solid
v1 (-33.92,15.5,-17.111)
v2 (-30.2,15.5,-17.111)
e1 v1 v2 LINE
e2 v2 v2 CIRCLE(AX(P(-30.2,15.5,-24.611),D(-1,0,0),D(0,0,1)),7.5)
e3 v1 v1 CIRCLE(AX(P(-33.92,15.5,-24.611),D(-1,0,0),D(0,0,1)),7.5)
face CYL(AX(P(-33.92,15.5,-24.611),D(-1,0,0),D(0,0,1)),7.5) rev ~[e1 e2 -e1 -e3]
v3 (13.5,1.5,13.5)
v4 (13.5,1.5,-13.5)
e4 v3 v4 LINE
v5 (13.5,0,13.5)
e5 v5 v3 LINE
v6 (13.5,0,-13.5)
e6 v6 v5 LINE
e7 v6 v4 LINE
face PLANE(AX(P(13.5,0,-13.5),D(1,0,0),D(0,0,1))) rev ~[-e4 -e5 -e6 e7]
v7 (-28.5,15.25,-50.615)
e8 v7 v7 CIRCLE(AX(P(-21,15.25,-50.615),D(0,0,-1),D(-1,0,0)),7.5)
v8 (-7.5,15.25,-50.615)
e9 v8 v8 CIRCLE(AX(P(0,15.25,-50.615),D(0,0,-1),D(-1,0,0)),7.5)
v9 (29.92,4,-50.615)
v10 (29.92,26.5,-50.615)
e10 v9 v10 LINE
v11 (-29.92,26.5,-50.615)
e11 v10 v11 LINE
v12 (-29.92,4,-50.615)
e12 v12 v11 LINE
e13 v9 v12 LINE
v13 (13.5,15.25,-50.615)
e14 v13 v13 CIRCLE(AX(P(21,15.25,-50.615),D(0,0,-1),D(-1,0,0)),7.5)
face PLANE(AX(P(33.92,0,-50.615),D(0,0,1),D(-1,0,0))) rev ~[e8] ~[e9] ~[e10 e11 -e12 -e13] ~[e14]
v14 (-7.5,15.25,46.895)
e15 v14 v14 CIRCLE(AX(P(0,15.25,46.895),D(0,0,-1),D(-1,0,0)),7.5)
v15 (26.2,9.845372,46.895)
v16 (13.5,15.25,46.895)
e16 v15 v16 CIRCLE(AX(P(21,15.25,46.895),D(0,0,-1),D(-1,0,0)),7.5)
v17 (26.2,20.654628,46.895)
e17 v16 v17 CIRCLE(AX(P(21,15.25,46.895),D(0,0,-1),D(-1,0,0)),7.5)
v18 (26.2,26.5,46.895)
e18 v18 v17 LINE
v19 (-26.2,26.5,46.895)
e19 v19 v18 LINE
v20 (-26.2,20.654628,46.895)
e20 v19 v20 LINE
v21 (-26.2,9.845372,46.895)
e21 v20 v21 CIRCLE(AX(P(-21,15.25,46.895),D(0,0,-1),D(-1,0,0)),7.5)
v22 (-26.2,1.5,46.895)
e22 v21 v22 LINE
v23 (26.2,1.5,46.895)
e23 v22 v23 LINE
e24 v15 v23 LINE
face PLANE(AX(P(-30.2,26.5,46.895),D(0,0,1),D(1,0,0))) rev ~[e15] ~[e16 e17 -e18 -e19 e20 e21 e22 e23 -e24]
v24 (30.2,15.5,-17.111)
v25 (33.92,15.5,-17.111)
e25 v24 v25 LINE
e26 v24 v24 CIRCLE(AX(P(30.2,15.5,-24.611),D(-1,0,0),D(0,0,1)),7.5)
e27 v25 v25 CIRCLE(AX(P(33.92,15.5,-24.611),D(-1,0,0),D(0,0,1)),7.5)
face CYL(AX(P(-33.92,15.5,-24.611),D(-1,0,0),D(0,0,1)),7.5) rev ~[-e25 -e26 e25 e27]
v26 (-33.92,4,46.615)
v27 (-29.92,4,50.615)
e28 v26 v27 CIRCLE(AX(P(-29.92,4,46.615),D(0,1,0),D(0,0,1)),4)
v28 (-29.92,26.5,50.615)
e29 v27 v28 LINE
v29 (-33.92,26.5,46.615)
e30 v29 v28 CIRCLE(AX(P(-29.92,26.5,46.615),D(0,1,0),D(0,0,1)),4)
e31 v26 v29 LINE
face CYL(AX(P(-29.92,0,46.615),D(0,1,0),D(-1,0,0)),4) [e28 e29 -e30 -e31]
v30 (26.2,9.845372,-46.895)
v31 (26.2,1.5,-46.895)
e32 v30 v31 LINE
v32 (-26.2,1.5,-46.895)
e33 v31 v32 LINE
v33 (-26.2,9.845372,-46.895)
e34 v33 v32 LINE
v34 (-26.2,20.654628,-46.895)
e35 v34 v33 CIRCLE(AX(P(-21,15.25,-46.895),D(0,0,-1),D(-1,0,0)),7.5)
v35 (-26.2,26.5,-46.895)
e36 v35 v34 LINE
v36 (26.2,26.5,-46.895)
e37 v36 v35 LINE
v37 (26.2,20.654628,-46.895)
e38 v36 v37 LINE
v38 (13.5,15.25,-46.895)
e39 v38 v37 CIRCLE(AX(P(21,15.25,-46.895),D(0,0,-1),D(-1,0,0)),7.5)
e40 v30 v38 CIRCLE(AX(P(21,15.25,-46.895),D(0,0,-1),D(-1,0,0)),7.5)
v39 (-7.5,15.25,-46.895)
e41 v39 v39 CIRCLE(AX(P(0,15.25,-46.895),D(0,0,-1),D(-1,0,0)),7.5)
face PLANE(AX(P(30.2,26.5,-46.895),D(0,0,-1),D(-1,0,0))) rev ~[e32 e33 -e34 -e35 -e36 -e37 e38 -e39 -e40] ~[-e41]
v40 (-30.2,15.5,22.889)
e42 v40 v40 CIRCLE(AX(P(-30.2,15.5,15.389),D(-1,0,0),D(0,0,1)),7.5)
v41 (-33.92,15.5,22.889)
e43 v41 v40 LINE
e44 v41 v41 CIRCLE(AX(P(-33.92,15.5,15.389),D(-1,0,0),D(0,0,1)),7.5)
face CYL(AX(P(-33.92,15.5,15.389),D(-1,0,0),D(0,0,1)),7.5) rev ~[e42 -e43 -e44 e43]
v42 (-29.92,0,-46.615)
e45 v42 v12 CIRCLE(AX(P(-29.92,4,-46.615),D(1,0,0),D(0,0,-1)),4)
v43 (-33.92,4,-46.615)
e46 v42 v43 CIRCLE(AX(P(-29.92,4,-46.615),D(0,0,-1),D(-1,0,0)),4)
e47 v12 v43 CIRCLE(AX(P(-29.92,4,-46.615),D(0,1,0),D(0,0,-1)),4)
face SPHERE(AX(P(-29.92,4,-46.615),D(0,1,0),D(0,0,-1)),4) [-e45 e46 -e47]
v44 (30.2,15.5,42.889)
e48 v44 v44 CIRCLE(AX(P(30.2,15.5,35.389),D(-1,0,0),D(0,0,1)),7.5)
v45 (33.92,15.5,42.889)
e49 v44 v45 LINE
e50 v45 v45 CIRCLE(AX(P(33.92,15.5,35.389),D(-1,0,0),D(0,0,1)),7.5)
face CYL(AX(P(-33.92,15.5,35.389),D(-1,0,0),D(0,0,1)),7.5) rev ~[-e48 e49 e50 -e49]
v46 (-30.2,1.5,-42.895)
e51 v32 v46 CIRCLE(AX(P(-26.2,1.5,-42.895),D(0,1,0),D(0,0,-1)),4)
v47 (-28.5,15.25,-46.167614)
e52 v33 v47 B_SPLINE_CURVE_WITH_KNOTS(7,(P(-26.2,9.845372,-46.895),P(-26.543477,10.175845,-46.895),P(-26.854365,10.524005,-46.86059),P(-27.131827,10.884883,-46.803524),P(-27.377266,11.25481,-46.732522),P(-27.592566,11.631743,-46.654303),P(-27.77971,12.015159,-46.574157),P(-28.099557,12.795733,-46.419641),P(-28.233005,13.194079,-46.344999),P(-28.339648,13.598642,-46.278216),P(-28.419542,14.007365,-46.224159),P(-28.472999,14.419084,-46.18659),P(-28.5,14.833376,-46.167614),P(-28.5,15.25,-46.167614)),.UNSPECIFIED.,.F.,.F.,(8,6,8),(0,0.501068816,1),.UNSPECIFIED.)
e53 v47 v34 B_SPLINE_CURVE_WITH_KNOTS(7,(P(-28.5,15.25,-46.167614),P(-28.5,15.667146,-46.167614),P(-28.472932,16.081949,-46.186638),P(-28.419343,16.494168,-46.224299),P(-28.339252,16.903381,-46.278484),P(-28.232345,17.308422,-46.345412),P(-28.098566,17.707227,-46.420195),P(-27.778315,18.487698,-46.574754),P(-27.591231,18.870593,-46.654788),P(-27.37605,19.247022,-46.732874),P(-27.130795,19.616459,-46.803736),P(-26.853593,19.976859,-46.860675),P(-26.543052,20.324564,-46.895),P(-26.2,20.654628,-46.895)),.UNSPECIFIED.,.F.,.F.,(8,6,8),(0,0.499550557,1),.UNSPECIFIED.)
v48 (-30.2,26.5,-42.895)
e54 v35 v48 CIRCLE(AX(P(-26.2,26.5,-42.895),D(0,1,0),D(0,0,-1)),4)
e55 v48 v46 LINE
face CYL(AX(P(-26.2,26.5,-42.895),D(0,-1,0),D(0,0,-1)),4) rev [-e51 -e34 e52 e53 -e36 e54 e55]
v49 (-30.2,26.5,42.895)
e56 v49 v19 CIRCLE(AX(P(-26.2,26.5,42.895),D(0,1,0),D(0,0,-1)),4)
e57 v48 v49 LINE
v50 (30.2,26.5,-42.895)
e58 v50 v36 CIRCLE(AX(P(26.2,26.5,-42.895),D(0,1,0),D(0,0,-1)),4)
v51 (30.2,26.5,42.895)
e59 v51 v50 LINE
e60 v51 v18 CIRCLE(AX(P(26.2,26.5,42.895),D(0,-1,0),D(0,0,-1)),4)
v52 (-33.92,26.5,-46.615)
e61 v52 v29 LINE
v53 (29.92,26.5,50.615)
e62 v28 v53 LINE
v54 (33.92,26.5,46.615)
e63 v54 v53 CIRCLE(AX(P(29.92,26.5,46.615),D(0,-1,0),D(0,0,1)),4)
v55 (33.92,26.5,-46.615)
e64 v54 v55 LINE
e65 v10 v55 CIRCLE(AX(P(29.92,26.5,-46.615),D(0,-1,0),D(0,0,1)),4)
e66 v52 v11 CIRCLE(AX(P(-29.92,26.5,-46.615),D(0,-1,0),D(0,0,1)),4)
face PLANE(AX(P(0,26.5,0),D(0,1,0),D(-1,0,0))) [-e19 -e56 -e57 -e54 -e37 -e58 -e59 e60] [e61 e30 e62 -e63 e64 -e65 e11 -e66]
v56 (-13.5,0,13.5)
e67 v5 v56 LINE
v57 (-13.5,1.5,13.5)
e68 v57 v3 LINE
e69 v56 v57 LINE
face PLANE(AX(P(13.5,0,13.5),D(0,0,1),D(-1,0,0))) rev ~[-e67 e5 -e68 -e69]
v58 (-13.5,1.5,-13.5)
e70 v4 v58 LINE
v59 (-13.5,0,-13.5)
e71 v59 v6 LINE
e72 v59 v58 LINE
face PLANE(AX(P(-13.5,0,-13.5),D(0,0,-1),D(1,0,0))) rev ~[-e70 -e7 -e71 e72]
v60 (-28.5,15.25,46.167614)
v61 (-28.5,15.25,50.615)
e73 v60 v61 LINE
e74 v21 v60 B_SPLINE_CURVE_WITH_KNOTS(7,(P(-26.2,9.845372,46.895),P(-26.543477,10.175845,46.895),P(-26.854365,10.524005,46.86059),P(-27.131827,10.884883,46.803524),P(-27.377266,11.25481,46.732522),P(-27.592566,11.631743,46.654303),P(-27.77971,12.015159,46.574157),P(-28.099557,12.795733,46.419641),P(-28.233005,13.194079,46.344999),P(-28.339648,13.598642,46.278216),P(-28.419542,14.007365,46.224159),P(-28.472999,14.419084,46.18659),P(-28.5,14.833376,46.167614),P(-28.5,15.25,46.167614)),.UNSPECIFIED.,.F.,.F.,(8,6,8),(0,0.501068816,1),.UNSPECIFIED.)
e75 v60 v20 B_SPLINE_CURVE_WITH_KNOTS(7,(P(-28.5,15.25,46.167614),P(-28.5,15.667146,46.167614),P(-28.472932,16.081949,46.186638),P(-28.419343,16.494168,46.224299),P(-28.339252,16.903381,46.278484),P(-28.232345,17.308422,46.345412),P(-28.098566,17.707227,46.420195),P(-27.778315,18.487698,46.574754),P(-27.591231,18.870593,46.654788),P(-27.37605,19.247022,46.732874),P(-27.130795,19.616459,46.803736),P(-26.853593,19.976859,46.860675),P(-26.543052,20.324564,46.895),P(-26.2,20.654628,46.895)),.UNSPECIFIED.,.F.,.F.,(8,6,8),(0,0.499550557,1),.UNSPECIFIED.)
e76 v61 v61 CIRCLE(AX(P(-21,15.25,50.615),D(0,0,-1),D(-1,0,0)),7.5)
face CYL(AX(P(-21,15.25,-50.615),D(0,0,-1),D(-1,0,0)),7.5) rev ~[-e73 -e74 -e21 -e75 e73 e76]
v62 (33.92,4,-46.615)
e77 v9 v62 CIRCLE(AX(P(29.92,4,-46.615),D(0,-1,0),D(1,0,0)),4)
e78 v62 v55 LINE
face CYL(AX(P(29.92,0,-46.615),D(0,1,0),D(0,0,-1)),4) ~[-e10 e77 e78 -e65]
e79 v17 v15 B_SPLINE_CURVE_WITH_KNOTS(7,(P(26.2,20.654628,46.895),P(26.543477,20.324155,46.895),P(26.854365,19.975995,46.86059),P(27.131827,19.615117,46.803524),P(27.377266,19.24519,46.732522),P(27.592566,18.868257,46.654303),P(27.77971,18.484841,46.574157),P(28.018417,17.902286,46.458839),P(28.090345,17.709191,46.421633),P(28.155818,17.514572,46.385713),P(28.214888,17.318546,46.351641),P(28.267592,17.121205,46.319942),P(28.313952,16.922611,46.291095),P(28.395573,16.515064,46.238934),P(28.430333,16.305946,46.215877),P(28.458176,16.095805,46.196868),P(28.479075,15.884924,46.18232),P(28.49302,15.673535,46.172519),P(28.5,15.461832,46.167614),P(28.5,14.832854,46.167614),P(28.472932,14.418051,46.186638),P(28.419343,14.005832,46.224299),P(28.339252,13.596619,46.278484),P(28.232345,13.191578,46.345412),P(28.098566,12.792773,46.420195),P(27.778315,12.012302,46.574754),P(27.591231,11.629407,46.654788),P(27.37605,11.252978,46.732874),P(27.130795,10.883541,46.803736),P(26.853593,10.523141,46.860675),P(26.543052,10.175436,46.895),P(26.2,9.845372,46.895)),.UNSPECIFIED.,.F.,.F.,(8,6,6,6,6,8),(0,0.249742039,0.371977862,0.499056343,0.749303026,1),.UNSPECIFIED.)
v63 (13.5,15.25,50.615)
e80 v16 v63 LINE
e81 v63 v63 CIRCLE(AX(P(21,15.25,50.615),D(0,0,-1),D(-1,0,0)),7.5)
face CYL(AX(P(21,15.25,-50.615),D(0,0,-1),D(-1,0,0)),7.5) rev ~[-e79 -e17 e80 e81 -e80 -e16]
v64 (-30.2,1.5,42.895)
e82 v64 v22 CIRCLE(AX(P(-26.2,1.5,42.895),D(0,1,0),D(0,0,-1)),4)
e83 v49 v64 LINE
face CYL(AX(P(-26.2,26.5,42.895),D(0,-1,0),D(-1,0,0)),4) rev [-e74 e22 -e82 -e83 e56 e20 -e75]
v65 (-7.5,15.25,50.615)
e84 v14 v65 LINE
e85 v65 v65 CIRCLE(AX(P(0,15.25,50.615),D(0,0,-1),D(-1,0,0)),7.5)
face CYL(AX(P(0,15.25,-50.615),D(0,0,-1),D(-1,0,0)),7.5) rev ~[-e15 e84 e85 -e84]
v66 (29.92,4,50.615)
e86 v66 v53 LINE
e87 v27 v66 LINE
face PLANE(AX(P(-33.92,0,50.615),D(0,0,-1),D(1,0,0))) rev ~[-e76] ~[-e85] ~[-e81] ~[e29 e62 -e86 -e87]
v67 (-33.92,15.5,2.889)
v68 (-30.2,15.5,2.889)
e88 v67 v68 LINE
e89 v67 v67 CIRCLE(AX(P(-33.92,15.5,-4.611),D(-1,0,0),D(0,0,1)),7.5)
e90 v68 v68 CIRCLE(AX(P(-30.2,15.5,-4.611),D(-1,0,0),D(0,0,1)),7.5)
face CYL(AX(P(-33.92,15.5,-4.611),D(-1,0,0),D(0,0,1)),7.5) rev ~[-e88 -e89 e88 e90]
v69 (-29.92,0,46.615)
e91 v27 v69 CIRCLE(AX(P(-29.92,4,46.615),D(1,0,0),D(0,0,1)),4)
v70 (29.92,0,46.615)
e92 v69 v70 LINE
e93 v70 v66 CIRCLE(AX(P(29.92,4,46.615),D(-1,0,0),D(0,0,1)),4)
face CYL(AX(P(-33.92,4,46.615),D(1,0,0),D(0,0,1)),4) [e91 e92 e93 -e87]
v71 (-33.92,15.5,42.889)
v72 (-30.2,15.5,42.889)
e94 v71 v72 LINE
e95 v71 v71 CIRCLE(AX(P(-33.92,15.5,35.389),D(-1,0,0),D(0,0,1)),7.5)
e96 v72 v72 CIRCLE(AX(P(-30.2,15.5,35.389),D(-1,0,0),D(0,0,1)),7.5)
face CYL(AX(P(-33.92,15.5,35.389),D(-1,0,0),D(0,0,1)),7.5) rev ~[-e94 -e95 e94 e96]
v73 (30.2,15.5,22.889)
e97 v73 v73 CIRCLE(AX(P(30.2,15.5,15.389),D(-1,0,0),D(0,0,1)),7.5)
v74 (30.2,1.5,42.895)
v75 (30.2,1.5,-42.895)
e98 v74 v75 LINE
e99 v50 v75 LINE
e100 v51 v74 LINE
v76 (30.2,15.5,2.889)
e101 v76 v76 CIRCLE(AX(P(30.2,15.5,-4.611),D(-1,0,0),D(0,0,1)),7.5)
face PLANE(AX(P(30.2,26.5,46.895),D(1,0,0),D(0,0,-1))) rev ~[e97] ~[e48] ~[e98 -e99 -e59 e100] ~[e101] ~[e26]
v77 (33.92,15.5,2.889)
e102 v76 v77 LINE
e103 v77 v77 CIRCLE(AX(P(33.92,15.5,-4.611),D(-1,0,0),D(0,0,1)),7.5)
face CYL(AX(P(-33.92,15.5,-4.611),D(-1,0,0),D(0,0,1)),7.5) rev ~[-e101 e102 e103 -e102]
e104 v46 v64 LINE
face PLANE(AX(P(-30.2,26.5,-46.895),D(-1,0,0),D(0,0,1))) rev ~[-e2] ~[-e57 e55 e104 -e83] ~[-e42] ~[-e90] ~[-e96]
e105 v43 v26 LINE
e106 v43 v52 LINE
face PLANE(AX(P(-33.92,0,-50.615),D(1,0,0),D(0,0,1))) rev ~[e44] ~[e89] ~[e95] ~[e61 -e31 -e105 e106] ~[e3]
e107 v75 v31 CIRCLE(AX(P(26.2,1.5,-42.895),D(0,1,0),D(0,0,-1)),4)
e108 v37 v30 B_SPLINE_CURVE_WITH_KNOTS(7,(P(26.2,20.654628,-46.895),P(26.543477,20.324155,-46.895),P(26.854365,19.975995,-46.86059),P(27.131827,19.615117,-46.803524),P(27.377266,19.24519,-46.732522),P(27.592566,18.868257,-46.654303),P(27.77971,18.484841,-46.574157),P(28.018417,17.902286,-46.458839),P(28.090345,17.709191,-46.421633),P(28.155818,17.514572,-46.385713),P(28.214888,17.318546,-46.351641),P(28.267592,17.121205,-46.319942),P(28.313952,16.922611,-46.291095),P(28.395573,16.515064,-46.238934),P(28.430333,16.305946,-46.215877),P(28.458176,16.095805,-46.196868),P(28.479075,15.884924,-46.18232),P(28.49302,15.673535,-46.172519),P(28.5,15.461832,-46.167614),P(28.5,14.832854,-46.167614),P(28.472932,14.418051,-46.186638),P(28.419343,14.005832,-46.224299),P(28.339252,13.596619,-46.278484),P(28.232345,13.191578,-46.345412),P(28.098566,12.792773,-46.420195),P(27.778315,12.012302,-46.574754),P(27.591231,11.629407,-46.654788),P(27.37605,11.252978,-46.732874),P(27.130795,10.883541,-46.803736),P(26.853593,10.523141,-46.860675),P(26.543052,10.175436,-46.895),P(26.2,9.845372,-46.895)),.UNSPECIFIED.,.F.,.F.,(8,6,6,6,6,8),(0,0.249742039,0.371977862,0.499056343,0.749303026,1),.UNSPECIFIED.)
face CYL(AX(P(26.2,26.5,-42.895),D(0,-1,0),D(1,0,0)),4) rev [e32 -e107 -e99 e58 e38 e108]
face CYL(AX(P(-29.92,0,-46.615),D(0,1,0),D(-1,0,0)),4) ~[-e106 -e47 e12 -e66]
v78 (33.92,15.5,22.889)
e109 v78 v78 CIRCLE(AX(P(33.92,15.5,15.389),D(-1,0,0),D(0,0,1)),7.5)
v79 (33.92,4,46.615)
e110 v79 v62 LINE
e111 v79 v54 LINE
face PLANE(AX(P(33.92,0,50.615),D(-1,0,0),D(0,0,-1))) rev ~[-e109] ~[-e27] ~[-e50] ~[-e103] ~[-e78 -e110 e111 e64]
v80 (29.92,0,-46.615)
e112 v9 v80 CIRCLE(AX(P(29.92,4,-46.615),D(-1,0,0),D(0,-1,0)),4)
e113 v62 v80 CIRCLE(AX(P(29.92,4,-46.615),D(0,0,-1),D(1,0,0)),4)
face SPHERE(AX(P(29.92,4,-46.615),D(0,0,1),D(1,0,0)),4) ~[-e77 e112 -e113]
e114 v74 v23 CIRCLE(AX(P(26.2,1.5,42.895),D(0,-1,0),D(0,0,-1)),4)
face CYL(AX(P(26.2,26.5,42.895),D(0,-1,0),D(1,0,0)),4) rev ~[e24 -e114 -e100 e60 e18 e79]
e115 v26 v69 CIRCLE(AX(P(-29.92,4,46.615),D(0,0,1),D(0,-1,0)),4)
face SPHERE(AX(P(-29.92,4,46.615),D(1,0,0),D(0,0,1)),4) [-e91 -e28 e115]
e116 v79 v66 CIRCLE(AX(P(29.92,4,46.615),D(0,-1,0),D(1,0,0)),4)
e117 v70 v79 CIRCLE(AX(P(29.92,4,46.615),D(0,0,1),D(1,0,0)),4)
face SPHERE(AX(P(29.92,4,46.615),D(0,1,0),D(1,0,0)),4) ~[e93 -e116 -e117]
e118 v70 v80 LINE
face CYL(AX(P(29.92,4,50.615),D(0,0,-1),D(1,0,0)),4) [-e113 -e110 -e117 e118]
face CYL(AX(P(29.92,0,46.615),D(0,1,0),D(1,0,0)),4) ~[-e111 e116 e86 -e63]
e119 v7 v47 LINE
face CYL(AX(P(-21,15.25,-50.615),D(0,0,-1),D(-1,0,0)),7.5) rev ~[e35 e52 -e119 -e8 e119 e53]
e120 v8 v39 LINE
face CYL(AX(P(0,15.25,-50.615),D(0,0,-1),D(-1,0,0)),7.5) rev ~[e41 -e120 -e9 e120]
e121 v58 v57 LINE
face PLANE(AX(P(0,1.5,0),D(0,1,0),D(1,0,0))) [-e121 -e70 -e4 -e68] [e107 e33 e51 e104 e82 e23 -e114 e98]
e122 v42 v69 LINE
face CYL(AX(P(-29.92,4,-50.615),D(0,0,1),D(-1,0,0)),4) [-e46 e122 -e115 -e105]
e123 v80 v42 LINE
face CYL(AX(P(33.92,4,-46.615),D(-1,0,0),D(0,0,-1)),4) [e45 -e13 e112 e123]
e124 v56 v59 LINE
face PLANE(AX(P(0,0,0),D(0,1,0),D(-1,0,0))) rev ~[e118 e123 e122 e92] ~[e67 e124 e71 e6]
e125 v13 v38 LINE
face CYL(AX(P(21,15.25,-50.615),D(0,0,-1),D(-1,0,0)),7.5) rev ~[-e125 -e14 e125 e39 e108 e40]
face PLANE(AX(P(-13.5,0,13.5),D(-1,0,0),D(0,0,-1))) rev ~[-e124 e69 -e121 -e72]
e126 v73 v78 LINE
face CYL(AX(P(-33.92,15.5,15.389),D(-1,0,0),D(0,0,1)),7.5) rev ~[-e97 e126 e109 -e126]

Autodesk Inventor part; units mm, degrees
ref_plane "YZ Plane" through (0, 0, 0) normal (1, 0, 0) x (0, 1, 0)
ref_plane "XZ Plane" through (0, 0, 0) normal (0, 1, 0) x (-1, 0, 0)
ref_plane "XY Plane" through (0, 0, 0) normal (0, 0, 1) x (1, 0, 0)
sketch "Sketch1" plane through (0, 0, 0) normal (0, 1, 0) x (-1, 0, 0)
  line L0 (33.92, 50.615) -> (-33.92, 50.615)
  line L1 (-33.92, 50.615) -> (-33.92, -50.615)
  line L2 (-33.92, -50.615) -> (33.92, -50.615)
  line L3 (33.92, -50.615) -> (33.92, 50.615)
  line L4 (33.92, 50.615) -> (-33.92, -50.615) construction
  line L5 (-33.92, 50.615) -> (33.92, -50.615) construction
  point P0 (0, 0)
  dimension "d0" = 67.84
  dimension "d1" = 101.23
extrude "Extrusion1" add sketch "Sketch1" along normal blind 26.5
fillet "Fillet1" radius 4 8 edges at (33.92, 13.25, 50.615) (33.92, 0, 0) (33.92, 13.25, -50.615) (-33.92, 13.25, -50.615) (0, 0, -50.615) (0, 0, 50.615) (-33.92, 13.25, 50.615) (-33.92, 0, 0)
sketch "Sketch2" plane through (0, 26.5, 0) normal (0, 1, 0) x (1, 0, 0)
  line L0 (30.2, 46.895) -> (-30.2, 46.895)
  line L1 (-30.2, 46.895) -> (-30.2, -46.895)
  line L2 (-30.2, -46.895) -> (30.2, -46.895)
  line L3 (30.2, -46.895) -> (30.2, 46.895)
  line L4 (30.2, 46.895) -> (-30.2, -46.895) construction
  line L5 (-30.2, 46.895) -> (30.2, -46.895) construction
  line L6 (-29.92, -50.615) -> (29.92, -50.615) projected
  line L7 (33.92, -46.615) -> (33.92, 46.615) projected
  point P0 (0, 0)
  dimension "d5" = 3.72
  dimension "d6" = 3.72
extrude "Extrusion2" cut sketch "Sketch2" against normal blind 25
fillet "Fillet2" radius 4 4 edges at (30.2, 14, -46.895) (30.2, 14, 46.895) (-30.2, 14, -46.895) (-30.2, 14, 46.895)
sketch "Sketch3" plane through (0, 0, 0) normal (0, -1, 0) x (1, 0, 0)
  line L0 (-13.5, -13.5) -> (13.5, -13.5)
  line L1 (13.5, -13.5) -> (13.5, 13.5)
  line L2 (13.5, 13.5) -> (-13.5, 13.5)
  line L3 (-13.5, 13.5) -> (-13.5, -13.5)
  line L4 (-13.5, -13.5) -> (13.5, 13.5) construction
  line L5 (13.5, -13.5) -> (-13.5, 13.5) construction
  point P0 (0, 0)
  dimension "d10" = 27
  dimension "d11" = 27
extrude "Extrusion4" cut sketch "Sketch3" against normal through all
sketch "Sketch4" plane through (-33.92, 4, 46.615) normal (-1, 0, 0) x (0, 0, 1)
  circle A0 centre (-11.226, 11.5) radius 7.5
  circle A1 centre (-31.226, 11.5) radius 7.5
  circle A2 centre (-51.226, 11.5) radius 7.5
  circle A3 centre (-71.226, 11.5) radius 7.5
  line L0 (0, 22.5) -> (0, 0) projected
  line L1 (-93.23, 22.5) -> (0, 22.5) projected
  point P0 (-46.615, -4)
  dimension "d17" = 15
  dimension "d18" = 15
  dimension "d19" = 20
  dimension "d20" = 15
  dimension "d21" = 15
  dimension "d22" = 20
  dimension "d23" = 20
  dimension "d24" = 11.226
  dimension "d25" = 11
  dimension "d26" = 11
  dimension "d27" = 11
  dimension "d28" = 11
extrude "Extrusion5" cut sketch "Sketch4" against normal through all
sketch "Sketch5" plane through (29.92, 4, -50.615) normal (0, 0, -1) x (-1, 0, 0)
  line L0 (59.84, 22.5) -> (59.84, 0) projected
  line L1 (0, 22.5) -> (59.84, 22.5) projected
  line L2 (59.84, 0) -> (0, 22.5) construction
  line L3 (59.84, 0) -> (0, 0) projected
  line L4 (59.84, 22.5) -> (0, 0) construction
  circle A0 centre (29.92, 11.25) radius 7.5
  circle A1 centre (50.92, 11.25) radius 7.5
  circle A2 centre (8.92, 11.25) radius 7.5
  line L5 (0, 0) -> (0, 22.5) projected
  point P0 (29.92, -4)
  dimension "d31" = 15
  dimension "d32" = 15
  dimension "d33" = 15
  dimension "d34" = 21
  dimension "d35" = 21
  dimension "d36" = 8.92
  dimension "d37" = 8.92
extrude "Extrusion6" cut sketch "Sketch5" against normal through all contours A0 | A1 | A2
properties part number "TopCover" material "ABS Plastic"
